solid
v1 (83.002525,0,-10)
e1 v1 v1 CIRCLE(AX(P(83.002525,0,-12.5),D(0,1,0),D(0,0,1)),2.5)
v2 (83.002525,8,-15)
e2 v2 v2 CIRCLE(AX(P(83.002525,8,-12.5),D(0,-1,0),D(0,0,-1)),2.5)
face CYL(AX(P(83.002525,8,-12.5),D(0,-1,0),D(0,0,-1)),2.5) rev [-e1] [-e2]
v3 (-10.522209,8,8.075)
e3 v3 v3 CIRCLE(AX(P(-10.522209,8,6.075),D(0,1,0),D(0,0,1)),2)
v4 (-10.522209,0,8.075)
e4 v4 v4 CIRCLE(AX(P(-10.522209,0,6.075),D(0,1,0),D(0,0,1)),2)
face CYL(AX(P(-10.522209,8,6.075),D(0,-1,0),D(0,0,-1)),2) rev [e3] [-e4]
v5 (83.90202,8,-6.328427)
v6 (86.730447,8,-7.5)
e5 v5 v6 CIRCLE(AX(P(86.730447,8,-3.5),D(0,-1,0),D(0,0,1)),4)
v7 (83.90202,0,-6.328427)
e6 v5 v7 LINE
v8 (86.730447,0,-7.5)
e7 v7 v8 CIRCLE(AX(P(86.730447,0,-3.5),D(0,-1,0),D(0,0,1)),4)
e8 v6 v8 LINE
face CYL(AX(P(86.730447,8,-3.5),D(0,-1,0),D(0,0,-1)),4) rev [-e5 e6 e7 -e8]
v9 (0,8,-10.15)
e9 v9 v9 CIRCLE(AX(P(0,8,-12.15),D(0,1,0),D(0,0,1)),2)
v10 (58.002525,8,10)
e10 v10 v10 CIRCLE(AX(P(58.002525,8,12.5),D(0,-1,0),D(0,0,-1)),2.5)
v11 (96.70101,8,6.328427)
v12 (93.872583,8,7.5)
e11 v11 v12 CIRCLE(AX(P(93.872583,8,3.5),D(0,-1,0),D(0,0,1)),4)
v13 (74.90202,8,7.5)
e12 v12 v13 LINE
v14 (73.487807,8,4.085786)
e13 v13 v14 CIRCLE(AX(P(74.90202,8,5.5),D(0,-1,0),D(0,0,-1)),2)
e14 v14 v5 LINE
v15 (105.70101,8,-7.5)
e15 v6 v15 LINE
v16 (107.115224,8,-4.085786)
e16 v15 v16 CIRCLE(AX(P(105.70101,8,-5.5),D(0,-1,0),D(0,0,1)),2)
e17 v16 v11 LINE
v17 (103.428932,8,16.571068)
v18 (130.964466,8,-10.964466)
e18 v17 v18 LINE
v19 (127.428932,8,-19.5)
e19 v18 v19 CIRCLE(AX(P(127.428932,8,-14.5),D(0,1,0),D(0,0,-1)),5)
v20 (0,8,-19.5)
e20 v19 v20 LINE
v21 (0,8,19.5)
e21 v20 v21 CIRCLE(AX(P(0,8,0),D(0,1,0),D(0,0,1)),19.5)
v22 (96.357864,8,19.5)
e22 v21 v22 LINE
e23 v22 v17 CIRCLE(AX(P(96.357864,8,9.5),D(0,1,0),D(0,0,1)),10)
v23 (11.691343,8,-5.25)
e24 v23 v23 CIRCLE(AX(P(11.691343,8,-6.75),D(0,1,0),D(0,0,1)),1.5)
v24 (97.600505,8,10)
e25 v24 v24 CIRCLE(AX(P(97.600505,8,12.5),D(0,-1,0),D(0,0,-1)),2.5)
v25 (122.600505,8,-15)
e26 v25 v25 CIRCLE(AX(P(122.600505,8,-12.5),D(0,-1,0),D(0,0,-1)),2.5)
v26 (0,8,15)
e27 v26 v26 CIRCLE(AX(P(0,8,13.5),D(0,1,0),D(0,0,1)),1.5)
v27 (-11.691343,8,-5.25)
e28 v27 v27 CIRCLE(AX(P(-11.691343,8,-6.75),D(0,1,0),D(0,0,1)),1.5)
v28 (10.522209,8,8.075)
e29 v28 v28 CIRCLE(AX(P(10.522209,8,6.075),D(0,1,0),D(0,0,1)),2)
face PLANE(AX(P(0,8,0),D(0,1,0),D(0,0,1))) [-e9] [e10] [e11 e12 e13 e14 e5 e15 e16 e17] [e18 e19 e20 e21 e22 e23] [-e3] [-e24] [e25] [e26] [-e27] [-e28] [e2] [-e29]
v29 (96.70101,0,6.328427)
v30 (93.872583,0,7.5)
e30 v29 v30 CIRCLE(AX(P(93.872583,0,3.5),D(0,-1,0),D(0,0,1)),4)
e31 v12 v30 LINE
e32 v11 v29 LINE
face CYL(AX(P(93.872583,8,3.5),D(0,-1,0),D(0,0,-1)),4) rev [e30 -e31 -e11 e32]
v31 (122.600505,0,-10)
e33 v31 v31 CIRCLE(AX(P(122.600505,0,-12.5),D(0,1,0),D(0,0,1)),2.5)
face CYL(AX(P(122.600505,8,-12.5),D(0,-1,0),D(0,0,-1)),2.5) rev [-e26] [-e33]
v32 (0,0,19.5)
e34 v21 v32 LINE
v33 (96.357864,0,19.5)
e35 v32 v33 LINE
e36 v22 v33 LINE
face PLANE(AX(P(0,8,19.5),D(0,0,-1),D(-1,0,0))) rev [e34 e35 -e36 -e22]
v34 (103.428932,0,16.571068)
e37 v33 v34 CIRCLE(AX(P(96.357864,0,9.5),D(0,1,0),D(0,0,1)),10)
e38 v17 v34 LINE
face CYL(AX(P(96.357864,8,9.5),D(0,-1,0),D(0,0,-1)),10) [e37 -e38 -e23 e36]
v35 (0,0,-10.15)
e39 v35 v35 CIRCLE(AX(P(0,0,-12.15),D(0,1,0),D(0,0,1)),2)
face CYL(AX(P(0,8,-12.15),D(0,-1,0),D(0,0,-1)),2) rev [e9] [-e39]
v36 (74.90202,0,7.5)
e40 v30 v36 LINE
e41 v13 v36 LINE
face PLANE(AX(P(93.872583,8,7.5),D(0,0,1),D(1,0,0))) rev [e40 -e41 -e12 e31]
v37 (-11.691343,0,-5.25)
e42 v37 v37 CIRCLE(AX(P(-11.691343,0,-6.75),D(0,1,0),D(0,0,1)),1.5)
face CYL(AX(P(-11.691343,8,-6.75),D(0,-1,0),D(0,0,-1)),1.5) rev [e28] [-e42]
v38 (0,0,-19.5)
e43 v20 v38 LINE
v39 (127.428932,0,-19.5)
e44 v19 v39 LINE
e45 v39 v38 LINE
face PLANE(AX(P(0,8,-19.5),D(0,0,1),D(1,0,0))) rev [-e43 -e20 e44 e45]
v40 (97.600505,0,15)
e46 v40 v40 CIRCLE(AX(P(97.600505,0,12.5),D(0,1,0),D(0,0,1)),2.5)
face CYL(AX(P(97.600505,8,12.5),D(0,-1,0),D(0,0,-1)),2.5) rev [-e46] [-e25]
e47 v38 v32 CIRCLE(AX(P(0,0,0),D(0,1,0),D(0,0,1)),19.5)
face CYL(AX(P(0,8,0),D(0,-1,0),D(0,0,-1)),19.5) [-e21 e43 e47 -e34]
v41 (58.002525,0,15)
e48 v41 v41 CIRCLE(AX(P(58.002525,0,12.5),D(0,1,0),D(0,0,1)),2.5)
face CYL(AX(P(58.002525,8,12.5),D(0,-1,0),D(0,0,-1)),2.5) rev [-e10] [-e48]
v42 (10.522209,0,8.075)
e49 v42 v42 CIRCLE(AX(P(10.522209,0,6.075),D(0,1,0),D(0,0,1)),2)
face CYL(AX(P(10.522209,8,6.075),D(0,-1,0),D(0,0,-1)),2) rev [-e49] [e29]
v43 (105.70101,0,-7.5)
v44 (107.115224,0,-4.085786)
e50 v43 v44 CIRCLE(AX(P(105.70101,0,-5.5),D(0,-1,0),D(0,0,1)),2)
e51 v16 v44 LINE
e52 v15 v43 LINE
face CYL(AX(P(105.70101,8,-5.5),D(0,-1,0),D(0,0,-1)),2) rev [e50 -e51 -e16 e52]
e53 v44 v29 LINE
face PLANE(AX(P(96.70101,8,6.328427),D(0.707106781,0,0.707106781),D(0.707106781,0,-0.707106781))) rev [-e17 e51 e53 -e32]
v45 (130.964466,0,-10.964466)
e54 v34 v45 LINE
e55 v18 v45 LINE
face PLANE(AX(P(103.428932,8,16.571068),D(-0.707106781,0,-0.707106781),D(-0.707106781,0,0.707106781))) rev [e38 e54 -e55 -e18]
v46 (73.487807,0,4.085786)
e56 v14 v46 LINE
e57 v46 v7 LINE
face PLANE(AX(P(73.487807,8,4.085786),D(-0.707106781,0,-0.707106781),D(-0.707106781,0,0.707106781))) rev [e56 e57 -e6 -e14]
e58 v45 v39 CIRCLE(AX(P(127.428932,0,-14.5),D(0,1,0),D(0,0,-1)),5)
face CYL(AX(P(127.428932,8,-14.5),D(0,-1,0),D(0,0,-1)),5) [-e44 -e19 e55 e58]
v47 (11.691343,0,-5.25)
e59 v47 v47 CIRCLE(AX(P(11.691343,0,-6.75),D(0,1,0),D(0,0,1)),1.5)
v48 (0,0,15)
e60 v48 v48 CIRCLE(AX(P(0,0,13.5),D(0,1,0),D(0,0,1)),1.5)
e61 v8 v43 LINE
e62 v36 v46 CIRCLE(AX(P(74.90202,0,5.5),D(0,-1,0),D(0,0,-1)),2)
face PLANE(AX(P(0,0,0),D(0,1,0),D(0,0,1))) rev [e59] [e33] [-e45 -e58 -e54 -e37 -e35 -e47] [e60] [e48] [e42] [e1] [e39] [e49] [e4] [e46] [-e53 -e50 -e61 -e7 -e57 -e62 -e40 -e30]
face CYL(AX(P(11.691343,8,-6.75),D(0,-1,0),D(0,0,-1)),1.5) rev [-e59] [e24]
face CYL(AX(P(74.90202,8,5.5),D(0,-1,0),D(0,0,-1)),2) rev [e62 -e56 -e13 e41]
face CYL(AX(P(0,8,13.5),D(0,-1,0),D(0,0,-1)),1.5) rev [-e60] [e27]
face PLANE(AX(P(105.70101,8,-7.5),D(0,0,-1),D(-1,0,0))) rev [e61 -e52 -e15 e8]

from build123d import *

# Parameters (mm, degrees)
SKETCH_1_R               = 2
SKETCH_1_R_2             = 1.5
EXTRUDE_1_DEPTH          = 8
CUT_EXTRUDE_1_DEPTH      = 9
SKETCH_3_R               = 2.5
CUT_EXTRUDE_2_DEPTH      = 1
CUT_EXTRUDE_2_DEPTH_BACK = 9


with BuildPart() as part:
    # 草图1 → 凸台-拉伸1 (new body)
    with BuildSketch(Plane(origin=(0, 0, 0), x_dir=(1, 0, 0), z_dir=(0, 1, 0))):
        with BuildLine():
            Line((0, 19.5), (127.428932188, 19.5))
            ThreePointArc((127.428932188, 19.5), (132.048329851, 16.413417162), (130.964466094, 10.964466094))
            Line((130.964466094, 10.964466094), (103.428932188, -16.571067812))
            ThreePointArc((103.428932188, -16.571067812), (100.1846987, -18.738795325), (96.357864376, -19.5))
            Line((96.357864376, -19.5), (0, -19.5))
            ThreePointArc((0, -19.5), (-19.5, 0), (0, 19.5))
        make_face()
        with Locations((0, 12.15)):
            Circle(SKETCH_1_R, mode=Mode.SUBTRACT)
        with Locations((-10.522208656, -6.075)):
            Circle(SKETCH_1_R, mode=Mode.SUBTRACT)
        with Locations((10.522208656, -6.075)):
            Circle(SKETCH_1_R, mode=Mode.SUBTRACT)
        with Locations((-11.691342951, 6.75)):
            Circle(SKETCH_1_R_2, mode=Mode.SUBTRACT)
        with Locations((11.691342951, 6.75)):
            Circle(SKETCH_1_R_2, mode=Mode.SUBTRACT)
        with Locations((0, -13.5)):
            Circle(SKETCH_1_R_2, mode=Mode.SUBTRACT)
    extrude(amount=EXTRUDE_1_DEPTH)

    # 草图2 → 切除-拉伸1 (cut, through all)
    with BuildSketch(Plane.XZ):
        with BuildLine():
            Line((93.872583002, 7.5), (74.902020254, 7.5))
            ThreePointArc((74.902020254, 7.5), (73.054261189, 6.265366865), (73.487806691, 4.085786438))
            Line((73.487806691, 4.085786438), (83.902020254, -6.328427125))
            ThreePointArc((83.902020254, -6.328427125), (85.199713649, -7.19551813), (86.730447378, -7.5))
            Line((86.730447378, -7.5), (105.701010127, -7.5))
            ThreePointArc((105.701010127, -7.5), (107.548769192, -6.265366865), (107.115223689, -4.085786438))
            Line((107.115223689, -4.085786438), (96.701010127, 6.328427125))
            ThreePointArc((96.701010127, 6.328427125), (95.403316731, 7.19551813), (93.872583002, 7.5))
        make_face()
    extrude(amount=-CUT_EXTRUDE_1_DEPTH, mode=Mode.SUBTRACT)

    # 草图3 → 切除-拉伸2 (cut, two sides)
    with BuildSketch(Plane.XZ) as cut_extrude_2_sk:
        with Locations((97.600505063, 12.5)):
            Circle(SKETCH_3_R)
        with Locations((122.600505063, -12.5)):
            Circle(SKETCH_3_R)
        with Locations((83.002525317, -12.5)):
            Circle(SKETCH_3_R)
        with Locations((58.002525317, 12.5)):
            Circle(SKETCH_3_R)
    extrude(amount=CUT_EXTRUDE_2_DEPTH, mode=Mode.SUBTRACT)
    extrude(cut_extrude_2_sk.sketch, amount=-CUT_EXTRUDE_2_DEPTH_BACK, mode=Mode.SUBTRACT)


solid = part.part
